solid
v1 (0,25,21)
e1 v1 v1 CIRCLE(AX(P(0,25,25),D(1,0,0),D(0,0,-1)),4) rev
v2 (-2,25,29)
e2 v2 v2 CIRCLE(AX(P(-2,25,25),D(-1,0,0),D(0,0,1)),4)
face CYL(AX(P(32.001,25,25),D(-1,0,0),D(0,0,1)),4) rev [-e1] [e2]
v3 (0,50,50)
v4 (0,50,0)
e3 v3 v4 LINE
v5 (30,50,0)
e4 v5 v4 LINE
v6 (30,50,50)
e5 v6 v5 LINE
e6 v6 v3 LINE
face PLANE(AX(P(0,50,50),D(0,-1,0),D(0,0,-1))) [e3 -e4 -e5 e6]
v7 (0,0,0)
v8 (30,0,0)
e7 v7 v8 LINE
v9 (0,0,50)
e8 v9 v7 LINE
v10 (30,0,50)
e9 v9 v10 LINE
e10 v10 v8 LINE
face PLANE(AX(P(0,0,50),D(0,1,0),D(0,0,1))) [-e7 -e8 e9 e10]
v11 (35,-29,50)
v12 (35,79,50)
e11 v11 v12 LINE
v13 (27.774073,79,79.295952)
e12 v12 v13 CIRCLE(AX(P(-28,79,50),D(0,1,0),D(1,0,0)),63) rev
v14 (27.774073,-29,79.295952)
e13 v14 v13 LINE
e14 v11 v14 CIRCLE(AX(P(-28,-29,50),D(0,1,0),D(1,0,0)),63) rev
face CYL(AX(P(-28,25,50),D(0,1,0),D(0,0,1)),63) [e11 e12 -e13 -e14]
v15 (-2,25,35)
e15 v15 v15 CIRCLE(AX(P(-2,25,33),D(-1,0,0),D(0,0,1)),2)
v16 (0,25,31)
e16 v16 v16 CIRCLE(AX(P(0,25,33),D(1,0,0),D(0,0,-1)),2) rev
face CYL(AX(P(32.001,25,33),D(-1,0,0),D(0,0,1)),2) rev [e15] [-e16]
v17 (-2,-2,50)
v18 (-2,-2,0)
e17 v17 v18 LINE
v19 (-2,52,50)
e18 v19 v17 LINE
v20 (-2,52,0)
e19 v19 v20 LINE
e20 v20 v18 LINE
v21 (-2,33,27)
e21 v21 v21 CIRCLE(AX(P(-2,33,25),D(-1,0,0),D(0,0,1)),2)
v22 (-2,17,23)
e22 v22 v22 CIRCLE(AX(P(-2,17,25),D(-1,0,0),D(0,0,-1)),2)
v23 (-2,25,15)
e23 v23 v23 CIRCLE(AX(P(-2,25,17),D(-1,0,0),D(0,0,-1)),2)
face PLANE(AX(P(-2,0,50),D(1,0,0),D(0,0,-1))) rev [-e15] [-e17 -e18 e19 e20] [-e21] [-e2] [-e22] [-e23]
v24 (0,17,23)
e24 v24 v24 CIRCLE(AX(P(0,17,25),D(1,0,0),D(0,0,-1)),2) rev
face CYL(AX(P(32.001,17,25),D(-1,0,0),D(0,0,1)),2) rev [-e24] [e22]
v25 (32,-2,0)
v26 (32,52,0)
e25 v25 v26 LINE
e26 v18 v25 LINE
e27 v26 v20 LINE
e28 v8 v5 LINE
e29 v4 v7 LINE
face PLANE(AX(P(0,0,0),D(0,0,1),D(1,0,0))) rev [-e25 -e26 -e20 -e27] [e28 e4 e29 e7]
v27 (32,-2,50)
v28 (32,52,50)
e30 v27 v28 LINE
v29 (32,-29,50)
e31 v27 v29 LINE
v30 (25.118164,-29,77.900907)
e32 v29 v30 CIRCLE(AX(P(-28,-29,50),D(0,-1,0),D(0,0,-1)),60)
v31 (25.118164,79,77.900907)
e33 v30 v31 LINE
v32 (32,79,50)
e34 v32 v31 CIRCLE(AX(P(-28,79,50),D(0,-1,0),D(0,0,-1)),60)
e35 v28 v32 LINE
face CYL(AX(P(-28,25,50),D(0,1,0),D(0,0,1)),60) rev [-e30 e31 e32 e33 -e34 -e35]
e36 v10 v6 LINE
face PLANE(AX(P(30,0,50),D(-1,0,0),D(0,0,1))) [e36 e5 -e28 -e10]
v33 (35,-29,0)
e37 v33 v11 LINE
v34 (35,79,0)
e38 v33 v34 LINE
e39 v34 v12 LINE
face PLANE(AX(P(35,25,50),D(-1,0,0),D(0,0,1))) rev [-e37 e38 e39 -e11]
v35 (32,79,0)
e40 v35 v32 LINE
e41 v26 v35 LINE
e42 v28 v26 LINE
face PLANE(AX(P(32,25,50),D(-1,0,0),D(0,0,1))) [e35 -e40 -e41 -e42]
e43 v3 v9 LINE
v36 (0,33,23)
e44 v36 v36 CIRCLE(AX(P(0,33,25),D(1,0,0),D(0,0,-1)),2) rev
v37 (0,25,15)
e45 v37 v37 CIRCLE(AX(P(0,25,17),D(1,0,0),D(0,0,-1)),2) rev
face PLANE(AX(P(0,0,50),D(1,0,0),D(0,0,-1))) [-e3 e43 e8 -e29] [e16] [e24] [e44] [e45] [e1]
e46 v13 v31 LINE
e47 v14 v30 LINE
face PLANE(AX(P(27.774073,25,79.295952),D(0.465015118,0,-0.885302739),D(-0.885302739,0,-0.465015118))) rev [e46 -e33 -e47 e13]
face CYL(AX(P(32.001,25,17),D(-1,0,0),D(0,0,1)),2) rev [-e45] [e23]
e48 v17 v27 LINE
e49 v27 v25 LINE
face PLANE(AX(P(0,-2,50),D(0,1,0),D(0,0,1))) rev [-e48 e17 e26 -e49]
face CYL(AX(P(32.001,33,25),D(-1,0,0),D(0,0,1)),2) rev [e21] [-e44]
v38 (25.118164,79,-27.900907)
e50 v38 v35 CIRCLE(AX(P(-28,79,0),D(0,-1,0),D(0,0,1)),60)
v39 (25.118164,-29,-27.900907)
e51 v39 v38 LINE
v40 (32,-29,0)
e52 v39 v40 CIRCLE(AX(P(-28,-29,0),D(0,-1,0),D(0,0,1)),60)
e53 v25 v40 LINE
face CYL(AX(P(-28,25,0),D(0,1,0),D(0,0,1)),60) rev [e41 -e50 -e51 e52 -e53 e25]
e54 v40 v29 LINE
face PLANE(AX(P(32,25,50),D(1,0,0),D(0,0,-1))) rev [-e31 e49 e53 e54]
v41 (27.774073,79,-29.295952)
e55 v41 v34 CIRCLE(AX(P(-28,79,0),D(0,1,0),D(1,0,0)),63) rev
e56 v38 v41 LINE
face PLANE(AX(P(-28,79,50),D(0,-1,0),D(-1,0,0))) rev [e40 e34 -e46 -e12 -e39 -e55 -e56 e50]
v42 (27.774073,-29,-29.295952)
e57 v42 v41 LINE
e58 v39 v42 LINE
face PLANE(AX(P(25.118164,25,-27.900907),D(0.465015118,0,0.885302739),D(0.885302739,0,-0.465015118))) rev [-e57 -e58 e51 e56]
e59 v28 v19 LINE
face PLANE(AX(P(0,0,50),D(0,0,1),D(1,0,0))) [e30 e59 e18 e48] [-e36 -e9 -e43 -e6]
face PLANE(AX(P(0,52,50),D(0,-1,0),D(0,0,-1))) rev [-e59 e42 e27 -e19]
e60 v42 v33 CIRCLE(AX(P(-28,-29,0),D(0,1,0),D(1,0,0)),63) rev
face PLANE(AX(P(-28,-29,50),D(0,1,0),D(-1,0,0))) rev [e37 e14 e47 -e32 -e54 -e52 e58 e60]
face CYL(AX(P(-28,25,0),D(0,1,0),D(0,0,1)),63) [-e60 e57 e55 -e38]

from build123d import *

# Parameters (mm, degrees)
IZIM1_W               = 34
IZIM1_H               = 54
IZIM1_W_2             = 30
IZIM1_H_2             = 50
EKSTR_ZYON_NCE1_DEPTH = 50
KES_EKSTR_ZYON1_REACH = 81.75
IZIM2_R               = 4
IZIM2_R_2             = 2
EKSTR_ZYON_NCE2_DEPTH = 27


with BuildPart() as part:
    # Çizim1 → Ekstrüzyon-İnce1 (new body)
    with BuildSketch(Plane.XY):
        with Locations((15, 25)):
            Rectangle(IZIM1_W, IZIM1_H)
        with Locations((15, 25)):
            Rectangle(IZIM1_W_2, IZIM1_H_2, mode=Mode.SUBTRACT)
    extrude(amount=EKSTR_ZYON_NCE1_DEPTH)

    # Çizim2 → Kes-Ekstrüzyon1 (cut, up to next)
    with BuildSketch(Plane.ZY.offset(2), mode=Mode.PRIVATE) as kes_ekstr_zyon1_sk1:
        with Locations((25, 25)):
            Circle(IZIM2_R)
    kes_ekstr_zyon1_tool1 = extrude(kes_ekstr_zyon1_sk1.sketch, amount=-KES_EKSTR_ZYON1_REACH, mode=Mode.PRIVATE) & part.part
    # Çizim2 → Kes-Ekstrüzyon1 (cut, up to next)
    with BuildSketch(Plane.ZY.offset(2), mode=Mode.PRIVATE) as kes_ekstr_zyon1_sk2:
        with Locations((33, 25)):
            Circle(IZIM2_R_2)
    kes_ekstr_zyon1_tool2 = extrude(kes_ekstr_zyon1_sk2.sketch, amount=-KES_EKSTR_ZYON1_REACH, mode=Mode.PRIVATE) & part.part
    # Çizim2 → Kes-Ekstrüzyon1 (cut, up to next)
    with BuildSketch(Plane.ZY.offset(2), mode=Mode.PRIVATE) as kes_ekstr_zyon1_sk3:
        with Locations(Location((17, 25, 0), (0, 0, 180))):
            Circle(IZIM2_R_2)
    kes_ekstr_zyon1_tool3 = extrude(kes_ekstr_zyon1_sk3.sketch, amount=-KES_EKSTR_ZYON1_REACH, mode=Mode.PRIVATE) & part.part
    # Çizim2 → Kes-Ekstrüzyon1 (cut, up to next)
    with BuildSketch(Plane.ZY.offset(2), mode=Mode.PRIVATE) as kes_ekstr_zyon1_sk4:
        with Locations((25, 33)):
            Circle(IZIM2_R_2)
    kes_ekstr_zyon1_tool4 = extrude(kes_ekstr_zyon1_sk4.sketch, amount=-KES_EKSTR_ZYON1_REACH, mode=Mode.PRIVATE) & part.part
    # Çizim2 → Kes-Ekstrüzyon1 (cut, up to next)
    with BuildSketch(Plane.ZY.offset(2), mode=Mode.PRIVATE) as kes_ekstr_zyon1_sk5:
        with Locations(Location((25, 17, 0), (0, 0, 180))):
            Circle(IZIM2_R_2)
    kes_ekstr_zyon1_tool5 = extrude(kes_ekstr_zyon1_sk5.sketch, amount=-KES_EKSTR_ZYON1_REACH, mode=Mode.PRIVATE) & part.part
    add(kes_ekstr_zyon1_tool1.solids().sort_by_distance((-2, 25, 25))[0], mode=Mode.SUBTRACT)
    add(kes_ekstr_zyon1_tool2.solids().sort_by_distance((-2, 25, 33))[0], mode=Mode.SUBTRACT)
    add(kes_ekstr_zyon1_tool3.solids().sort_by_distance((-2, 25, 17))[0], mode=Mode.SUBTRACT)
    add(kes_ekstr_zyon1_tool4.solids().sort_by_distance((-2, 33, 25))[0], mode=Mode.SUBTRACT)
    add(kes_ekstr_zyon1_tool5.solids().sort_by_distance((-2, 17, 25))[0], mode=Mode.SUBTRACT)

    # Çizim3 → Ekstrüzyon-İnce2 (add, symmetric)
    with BuildSketch(Plane(origin=(0, 52, 0), x_dir=(1, 0, 0), z_dir=(0, 1, 0))):
        with BuildLine():
            ThreePointArc((25.118164338, -77.900907107), (30.254140884, -64.368544459), (32, -50))
            Line((32, -50), (32, 0))
            ThreePointArc((32, 0), (30.254140884, 14.368544459), (25.118164338, 27.900907107))
            Line((25.118164338, 27.900907107), (27.774072555, 29.295952462))
            ThreePointArc((27.774072555, 29.295952462), (33.166847928, 15.086971682), (35, 0))
            Line((35, 0), (35, -50))
            ThreePointArc((35, -50), (33.166847928, -65.086971682), (27.774072555, -79.295952462))
            Line((27.774072555, -79.295952462), (25.118164338, -77.900907107))
        make_face()
    ekstr_zyon_nce2 = extrude(amount=EKSTR_ZYON_NCE2_DEPTH, both=True)

    # Aynalama1: Ekstrüzyon-İnce2 across plane
    add(ekstr_zyon_nce2.mirror(Plane(origin=(-28, 25, 50), x_dir=(0, 0, 1), z_dir=(0, -1, 0))))


solid = part.part
